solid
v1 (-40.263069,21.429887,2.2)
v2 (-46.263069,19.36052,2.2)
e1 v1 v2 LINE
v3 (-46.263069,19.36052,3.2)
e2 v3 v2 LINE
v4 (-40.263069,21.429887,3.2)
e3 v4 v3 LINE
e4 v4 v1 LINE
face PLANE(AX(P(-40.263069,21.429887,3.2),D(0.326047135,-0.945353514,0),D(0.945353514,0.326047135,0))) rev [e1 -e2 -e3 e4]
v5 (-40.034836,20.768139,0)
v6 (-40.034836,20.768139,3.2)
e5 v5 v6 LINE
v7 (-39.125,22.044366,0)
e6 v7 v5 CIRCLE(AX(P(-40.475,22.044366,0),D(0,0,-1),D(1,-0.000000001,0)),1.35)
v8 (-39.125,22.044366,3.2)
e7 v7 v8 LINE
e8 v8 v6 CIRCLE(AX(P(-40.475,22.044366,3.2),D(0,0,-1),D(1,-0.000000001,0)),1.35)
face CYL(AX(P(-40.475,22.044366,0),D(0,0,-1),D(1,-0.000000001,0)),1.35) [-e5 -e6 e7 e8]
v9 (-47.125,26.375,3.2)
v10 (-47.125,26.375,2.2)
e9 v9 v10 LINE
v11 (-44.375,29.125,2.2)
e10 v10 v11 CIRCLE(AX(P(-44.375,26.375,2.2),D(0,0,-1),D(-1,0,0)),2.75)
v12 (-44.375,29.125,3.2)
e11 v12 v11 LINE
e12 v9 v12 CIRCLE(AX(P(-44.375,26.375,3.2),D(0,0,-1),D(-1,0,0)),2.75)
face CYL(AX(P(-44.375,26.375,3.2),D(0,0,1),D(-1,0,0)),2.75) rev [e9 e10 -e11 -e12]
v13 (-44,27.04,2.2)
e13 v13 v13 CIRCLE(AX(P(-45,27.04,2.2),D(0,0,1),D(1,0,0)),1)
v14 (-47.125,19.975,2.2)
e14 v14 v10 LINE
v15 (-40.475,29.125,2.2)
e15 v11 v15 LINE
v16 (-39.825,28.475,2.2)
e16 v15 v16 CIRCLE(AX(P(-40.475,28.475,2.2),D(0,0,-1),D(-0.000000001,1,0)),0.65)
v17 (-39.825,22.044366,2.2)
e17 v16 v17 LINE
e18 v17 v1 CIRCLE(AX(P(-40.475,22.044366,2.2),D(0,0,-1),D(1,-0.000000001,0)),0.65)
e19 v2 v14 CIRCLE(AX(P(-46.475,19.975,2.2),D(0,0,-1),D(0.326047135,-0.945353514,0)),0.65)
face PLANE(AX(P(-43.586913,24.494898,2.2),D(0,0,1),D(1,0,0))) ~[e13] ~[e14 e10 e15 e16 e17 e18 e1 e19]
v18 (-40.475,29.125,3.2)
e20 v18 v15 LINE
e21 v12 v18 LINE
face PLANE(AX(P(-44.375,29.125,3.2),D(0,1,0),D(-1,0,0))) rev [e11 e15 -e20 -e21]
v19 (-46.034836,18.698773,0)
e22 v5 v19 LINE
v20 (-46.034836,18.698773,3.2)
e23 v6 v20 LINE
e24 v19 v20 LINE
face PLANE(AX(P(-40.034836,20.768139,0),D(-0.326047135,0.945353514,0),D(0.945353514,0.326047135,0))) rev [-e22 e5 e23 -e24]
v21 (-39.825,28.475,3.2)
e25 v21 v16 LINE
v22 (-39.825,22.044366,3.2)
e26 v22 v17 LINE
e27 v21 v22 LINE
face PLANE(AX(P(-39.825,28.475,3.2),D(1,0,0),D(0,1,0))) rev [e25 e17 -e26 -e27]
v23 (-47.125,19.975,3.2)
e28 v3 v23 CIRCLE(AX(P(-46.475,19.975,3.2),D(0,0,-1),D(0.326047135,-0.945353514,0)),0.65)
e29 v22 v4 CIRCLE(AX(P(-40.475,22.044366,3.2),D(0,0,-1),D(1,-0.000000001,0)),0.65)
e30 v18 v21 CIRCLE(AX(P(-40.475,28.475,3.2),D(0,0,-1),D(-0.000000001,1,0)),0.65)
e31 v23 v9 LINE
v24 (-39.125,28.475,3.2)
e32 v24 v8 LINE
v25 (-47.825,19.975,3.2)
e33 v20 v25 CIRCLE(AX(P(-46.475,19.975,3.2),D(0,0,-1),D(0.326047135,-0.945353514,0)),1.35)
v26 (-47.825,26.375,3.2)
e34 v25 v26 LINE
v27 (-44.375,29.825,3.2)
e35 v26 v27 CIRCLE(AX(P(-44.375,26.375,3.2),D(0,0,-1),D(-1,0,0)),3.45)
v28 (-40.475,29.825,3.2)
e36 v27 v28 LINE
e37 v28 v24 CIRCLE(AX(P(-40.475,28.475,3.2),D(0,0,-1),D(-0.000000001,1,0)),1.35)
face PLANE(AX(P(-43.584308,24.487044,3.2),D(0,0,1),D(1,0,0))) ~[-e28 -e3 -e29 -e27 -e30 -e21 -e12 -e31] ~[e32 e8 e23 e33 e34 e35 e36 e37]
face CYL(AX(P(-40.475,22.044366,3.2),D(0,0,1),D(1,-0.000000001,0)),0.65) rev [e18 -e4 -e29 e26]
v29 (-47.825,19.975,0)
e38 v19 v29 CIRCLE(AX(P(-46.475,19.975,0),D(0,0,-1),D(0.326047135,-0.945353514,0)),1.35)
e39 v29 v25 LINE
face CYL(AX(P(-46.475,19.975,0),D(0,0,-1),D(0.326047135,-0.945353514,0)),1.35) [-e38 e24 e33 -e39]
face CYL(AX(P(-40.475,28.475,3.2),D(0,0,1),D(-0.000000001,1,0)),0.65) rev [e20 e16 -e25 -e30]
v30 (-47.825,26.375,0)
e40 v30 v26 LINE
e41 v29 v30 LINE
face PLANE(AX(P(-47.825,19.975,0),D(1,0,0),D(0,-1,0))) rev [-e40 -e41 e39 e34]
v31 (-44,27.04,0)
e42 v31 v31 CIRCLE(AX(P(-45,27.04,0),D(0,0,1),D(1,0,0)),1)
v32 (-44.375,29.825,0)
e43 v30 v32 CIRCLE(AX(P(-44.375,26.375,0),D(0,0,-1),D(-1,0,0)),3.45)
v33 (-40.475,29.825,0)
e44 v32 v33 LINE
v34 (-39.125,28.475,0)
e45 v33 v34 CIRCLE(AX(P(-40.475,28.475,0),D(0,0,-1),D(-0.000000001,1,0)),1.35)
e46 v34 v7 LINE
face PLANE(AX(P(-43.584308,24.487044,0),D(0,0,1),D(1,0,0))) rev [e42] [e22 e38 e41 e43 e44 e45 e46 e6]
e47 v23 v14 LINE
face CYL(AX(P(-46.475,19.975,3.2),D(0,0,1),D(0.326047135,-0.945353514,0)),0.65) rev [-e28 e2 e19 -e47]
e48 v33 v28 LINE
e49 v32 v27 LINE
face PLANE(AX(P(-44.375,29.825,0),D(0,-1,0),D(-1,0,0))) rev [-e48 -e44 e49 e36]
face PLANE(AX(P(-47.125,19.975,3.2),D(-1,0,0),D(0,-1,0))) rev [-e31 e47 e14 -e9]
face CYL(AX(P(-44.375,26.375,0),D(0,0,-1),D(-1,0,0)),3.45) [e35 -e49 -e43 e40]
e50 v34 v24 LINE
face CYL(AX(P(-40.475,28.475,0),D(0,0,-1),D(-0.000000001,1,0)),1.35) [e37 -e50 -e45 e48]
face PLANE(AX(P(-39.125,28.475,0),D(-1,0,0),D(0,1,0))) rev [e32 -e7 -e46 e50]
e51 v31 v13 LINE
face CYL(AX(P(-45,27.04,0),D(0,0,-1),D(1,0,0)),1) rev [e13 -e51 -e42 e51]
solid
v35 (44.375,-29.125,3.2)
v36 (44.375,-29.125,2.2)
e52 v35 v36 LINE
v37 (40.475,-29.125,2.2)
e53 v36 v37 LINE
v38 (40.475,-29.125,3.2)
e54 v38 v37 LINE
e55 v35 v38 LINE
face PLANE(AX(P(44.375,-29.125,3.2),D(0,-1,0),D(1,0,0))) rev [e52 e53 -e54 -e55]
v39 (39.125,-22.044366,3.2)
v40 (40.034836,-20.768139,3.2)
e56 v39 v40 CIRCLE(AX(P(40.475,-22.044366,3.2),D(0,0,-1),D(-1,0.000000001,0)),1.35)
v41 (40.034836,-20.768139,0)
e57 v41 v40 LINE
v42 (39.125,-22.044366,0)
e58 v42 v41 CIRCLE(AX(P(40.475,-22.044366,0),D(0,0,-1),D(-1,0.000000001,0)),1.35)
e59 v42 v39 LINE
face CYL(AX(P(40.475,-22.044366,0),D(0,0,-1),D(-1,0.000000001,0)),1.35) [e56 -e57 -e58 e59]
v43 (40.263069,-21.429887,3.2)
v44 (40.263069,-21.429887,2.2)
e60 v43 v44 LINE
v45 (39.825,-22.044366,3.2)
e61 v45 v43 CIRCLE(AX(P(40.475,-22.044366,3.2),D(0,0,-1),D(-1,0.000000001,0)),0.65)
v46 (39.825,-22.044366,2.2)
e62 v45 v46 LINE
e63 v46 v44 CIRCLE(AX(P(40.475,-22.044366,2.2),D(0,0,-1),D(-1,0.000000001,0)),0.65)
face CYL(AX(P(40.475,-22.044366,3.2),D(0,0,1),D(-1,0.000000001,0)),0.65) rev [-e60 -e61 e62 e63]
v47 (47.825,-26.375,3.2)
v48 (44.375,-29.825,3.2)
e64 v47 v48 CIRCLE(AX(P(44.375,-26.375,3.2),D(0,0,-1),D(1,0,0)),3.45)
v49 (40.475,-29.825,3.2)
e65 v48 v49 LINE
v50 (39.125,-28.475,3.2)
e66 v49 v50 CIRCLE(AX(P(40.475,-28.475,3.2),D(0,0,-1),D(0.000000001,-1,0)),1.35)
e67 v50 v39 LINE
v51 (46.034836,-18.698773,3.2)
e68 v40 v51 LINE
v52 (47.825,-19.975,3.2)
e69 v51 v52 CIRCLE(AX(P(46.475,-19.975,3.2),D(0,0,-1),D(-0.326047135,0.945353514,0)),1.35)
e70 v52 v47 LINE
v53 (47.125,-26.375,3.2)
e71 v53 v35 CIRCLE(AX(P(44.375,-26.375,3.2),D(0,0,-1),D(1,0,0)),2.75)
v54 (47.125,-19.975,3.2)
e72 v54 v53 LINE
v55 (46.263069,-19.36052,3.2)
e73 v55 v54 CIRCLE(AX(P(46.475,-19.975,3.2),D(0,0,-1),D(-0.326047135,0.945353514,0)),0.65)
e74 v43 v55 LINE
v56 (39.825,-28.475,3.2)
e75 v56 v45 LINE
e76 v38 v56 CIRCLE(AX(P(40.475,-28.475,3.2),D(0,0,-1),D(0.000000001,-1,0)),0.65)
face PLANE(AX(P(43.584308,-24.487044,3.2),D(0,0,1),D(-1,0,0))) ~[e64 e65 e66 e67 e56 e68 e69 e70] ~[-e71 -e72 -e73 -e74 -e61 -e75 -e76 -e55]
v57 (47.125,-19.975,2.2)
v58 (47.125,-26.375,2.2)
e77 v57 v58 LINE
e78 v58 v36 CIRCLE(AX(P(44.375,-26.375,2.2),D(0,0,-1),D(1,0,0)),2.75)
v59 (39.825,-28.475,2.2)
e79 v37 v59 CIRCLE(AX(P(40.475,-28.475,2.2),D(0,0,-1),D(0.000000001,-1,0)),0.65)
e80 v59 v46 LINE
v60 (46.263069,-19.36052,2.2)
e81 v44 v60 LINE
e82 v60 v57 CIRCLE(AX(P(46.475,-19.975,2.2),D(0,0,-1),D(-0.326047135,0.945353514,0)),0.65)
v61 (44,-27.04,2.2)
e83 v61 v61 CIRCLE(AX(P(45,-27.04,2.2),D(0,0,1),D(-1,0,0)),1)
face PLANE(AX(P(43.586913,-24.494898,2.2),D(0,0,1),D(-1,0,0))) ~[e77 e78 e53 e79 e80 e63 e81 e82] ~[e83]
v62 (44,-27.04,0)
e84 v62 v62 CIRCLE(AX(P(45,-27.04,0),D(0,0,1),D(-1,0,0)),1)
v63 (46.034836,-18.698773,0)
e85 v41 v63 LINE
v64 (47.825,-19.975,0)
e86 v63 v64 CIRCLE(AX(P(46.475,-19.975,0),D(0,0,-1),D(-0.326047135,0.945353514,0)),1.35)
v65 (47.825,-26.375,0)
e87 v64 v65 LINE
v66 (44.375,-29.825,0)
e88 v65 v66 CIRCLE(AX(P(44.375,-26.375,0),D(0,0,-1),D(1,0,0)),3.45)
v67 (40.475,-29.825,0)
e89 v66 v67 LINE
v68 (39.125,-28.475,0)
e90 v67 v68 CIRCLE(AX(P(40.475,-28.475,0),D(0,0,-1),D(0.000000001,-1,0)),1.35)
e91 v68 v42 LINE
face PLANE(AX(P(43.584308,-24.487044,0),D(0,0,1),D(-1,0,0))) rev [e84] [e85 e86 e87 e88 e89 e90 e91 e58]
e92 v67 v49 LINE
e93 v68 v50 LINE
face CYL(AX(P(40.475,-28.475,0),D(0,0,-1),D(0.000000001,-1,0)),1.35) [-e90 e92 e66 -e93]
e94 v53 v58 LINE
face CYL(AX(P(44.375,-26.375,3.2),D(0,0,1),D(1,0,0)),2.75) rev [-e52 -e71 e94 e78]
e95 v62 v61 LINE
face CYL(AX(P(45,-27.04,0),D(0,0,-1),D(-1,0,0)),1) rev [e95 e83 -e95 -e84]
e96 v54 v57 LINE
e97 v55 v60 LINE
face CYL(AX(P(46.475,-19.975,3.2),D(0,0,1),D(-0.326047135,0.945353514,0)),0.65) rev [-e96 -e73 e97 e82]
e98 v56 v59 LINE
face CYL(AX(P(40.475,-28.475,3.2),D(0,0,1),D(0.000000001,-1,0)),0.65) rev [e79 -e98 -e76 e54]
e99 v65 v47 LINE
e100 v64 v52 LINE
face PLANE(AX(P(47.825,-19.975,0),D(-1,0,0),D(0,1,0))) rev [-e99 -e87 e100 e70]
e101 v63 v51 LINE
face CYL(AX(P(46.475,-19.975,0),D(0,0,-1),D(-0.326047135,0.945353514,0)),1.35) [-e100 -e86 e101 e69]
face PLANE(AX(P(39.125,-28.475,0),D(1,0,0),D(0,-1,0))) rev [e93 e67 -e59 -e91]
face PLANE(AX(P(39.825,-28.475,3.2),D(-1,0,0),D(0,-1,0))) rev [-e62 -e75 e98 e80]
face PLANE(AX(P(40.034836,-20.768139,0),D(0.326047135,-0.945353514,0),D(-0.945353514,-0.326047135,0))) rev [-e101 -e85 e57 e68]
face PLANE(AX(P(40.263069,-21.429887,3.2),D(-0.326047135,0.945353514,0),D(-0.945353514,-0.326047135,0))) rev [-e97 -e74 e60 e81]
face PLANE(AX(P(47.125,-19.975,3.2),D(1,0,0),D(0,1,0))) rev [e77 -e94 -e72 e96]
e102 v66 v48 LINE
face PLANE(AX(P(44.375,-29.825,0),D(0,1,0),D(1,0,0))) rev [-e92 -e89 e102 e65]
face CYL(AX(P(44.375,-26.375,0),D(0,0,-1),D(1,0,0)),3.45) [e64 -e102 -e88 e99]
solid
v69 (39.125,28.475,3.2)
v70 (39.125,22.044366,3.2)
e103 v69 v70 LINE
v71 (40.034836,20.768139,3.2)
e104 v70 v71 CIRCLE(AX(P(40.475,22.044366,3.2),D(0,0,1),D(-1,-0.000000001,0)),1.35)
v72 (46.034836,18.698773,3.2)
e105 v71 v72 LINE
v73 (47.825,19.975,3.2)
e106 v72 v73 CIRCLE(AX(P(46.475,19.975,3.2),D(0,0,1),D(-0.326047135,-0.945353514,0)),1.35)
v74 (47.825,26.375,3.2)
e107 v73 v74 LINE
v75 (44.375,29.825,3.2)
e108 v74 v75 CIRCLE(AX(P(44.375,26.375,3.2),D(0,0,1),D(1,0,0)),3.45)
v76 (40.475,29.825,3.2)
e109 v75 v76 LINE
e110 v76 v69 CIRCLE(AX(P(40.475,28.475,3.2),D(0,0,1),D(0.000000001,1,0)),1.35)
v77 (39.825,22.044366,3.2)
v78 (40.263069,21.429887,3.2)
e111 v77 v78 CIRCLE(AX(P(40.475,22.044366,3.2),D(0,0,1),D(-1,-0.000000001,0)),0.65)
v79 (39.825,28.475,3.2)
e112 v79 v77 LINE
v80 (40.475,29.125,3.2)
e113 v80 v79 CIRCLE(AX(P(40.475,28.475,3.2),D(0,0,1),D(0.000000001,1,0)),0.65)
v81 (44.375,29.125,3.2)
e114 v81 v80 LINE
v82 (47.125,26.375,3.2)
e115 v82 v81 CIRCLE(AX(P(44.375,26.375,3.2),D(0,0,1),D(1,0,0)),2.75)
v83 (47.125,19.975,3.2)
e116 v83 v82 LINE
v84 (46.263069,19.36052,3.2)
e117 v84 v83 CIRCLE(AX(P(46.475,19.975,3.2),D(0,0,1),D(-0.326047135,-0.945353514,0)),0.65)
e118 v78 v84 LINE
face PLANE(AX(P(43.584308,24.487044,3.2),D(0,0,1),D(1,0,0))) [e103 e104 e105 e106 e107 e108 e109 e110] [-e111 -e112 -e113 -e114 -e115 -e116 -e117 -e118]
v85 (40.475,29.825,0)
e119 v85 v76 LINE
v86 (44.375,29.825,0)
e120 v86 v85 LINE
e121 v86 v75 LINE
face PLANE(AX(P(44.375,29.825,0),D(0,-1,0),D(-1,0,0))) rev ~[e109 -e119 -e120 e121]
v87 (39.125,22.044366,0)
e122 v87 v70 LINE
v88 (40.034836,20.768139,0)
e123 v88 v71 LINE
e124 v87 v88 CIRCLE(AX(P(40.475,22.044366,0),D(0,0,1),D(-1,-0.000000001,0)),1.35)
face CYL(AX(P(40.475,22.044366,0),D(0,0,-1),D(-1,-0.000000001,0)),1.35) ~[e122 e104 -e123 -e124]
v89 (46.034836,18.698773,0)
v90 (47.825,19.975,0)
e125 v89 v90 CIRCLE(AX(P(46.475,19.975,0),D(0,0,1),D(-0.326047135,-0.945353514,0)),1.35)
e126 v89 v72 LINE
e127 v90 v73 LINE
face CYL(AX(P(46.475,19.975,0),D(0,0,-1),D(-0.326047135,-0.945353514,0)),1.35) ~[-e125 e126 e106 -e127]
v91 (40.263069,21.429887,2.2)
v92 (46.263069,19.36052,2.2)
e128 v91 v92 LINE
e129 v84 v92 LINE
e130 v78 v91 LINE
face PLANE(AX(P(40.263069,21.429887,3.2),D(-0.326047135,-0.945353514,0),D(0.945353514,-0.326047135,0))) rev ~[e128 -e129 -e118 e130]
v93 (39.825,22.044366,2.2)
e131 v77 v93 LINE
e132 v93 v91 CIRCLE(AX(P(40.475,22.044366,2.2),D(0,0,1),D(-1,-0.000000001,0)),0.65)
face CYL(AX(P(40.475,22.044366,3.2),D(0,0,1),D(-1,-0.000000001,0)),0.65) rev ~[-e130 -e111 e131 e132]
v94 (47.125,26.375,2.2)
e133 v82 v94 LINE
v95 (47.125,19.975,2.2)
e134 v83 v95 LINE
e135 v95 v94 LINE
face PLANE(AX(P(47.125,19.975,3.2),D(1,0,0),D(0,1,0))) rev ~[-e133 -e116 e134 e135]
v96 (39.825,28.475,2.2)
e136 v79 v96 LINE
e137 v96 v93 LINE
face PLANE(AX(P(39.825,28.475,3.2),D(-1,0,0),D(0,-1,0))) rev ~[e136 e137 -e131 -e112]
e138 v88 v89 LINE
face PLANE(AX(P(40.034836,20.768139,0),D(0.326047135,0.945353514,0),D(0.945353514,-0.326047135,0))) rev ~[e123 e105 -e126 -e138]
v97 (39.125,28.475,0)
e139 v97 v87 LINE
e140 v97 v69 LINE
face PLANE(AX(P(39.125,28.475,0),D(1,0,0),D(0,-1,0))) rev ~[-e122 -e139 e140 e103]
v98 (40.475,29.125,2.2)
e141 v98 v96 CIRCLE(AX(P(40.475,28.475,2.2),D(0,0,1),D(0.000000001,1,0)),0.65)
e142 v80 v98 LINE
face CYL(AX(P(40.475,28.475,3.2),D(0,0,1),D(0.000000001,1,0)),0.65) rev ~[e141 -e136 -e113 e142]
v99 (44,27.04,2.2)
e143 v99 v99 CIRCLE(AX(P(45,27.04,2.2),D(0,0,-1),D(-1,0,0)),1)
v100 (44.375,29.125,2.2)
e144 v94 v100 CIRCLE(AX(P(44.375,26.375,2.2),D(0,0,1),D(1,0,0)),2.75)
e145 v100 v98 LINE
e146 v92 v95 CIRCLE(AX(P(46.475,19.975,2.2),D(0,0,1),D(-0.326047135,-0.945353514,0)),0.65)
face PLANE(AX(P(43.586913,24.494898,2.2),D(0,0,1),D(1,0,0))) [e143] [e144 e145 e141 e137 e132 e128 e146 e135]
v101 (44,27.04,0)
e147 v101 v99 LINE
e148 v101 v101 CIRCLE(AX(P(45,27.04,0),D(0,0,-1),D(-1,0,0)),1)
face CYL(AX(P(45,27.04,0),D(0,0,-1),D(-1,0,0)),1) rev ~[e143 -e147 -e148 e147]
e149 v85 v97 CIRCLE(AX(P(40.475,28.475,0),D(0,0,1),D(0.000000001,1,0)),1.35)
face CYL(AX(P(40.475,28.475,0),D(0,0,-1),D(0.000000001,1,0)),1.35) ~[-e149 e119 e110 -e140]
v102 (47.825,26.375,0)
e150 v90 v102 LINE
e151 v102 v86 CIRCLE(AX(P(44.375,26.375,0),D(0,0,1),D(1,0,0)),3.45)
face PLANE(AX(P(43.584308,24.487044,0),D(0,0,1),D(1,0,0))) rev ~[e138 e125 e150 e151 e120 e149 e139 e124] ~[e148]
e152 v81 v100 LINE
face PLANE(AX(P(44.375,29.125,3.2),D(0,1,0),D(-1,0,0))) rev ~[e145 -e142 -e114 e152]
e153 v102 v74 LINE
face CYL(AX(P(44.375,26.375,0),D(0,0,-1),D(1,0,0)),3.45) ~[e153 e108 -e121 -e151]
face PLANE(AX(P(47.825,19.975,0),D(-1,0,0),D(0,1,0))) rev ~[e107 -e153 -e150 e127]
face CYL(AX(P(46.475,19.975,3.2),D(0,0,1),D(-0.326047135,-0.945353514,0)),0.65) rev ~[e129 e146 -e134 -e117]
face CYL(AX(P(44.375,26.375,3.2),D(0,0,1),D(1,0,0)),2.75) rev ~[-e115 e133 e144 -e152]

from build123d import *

# Parameters (mm, degrees)
BOSS_EXTRUDE1_DEPTH = 3.2
CUT_EXTRUDE1_DEPTH  = 1
SKETCH4_R           = 1
CUT_EXTRUDE2_DEPTH  = 57.453531776


with BuildPart() as part:
    # Sketch1 → Boss-Extrude1 (new body)
    with BuildSketch(Plane.XY):
        with BuildLine():
            Line((47.825, 19.975), (47.825, 26.375))
            ThreePointArc((47.825, 26.375), (46.814518395, 28.814518395), (44.375, 29.825))
            Line((44.375, 29.825), (40.475, 29.825))
            ThreePointArc((40.475, 29.825), (39.520405845, 29.429594155), (39.125, 28.475))
            Line((39.125, 28.475), (39.125, 22.044366415))
            ThreePointArc((39.125, 22.044366415), (39.375745502, 21.260695854), (40.034836368, 20.768139171))
            Line((40.034836368, 20.768139171), (46.034836368, 18.698772757))
            ThreePointArc((46.034836368, 18.698772757), (47.258670561, 18.875745502), (47.825, 19.975))
        make_face()
    extrude(amount=BOSS_EXTRUDE1_DEPTH)

    # Sketch2 → Cut-Extrude1 (cut)
    with BuildSketch(Plane.XY.offset(3.2)):
        with BuildLine():
            Line((40.263069362, 21.429886631), (46.263069362, 19.360520216))
            ThreePointArc((46.263069362, 19.360520216), (46.852322863, 19.445729316), (47.125, 19.975))
            Line((47.125, 19.975), (47.125, 26.375))
            ThreePointArc((47.125, 26.375), (46.319543648, 28.319543648), (44.375, 29.125))
            Line((44.375, 29.125), (40.475, 29.125))
            ThreePointArc((40.475, 29.125), (40.015380592, 28.934619408), (39.825, 28.475))
            Line((39.825, 28.475), (39.825, 22.044366415))
            ThreePointArc((39.825, 22.044366415), (39.945729316, 21.667043552), (40.263069362, 21.429886631))
        make_face()
    extrude(amount=-CUT_EXTRUDE1_DEPTH, mode=Mode.SUBTRACT)

    # Sketch4 → Cut-Extrude2 (cut, through all)
    with BuildSketch(Plane(origin=(0, 0, 0), x_dir=(-1, 0, 0), z_dir=(0, 0, -1))):
        with Locations((-45, 27.04)):
            Circle(SKETCH4_R)
    extrude(amount=-CUT_EXTRUDE2_DEPTH, mode=Mode.SUBTRACT)


with BuildPart() as body_2:
    # Mirror2: mirrored copy
    add(part.part.mirror(Plane.ZX))


with BuildPart() as body_3:
    # Mirror3: mirrored copy
    add(part.part.mirror(Plane(origin=(0, 0, 0), x_dir=(0, 0, 1), z_dir=(1, 0, 0))))


solid = Compound([part.part, body_2.part, body_3.part])
